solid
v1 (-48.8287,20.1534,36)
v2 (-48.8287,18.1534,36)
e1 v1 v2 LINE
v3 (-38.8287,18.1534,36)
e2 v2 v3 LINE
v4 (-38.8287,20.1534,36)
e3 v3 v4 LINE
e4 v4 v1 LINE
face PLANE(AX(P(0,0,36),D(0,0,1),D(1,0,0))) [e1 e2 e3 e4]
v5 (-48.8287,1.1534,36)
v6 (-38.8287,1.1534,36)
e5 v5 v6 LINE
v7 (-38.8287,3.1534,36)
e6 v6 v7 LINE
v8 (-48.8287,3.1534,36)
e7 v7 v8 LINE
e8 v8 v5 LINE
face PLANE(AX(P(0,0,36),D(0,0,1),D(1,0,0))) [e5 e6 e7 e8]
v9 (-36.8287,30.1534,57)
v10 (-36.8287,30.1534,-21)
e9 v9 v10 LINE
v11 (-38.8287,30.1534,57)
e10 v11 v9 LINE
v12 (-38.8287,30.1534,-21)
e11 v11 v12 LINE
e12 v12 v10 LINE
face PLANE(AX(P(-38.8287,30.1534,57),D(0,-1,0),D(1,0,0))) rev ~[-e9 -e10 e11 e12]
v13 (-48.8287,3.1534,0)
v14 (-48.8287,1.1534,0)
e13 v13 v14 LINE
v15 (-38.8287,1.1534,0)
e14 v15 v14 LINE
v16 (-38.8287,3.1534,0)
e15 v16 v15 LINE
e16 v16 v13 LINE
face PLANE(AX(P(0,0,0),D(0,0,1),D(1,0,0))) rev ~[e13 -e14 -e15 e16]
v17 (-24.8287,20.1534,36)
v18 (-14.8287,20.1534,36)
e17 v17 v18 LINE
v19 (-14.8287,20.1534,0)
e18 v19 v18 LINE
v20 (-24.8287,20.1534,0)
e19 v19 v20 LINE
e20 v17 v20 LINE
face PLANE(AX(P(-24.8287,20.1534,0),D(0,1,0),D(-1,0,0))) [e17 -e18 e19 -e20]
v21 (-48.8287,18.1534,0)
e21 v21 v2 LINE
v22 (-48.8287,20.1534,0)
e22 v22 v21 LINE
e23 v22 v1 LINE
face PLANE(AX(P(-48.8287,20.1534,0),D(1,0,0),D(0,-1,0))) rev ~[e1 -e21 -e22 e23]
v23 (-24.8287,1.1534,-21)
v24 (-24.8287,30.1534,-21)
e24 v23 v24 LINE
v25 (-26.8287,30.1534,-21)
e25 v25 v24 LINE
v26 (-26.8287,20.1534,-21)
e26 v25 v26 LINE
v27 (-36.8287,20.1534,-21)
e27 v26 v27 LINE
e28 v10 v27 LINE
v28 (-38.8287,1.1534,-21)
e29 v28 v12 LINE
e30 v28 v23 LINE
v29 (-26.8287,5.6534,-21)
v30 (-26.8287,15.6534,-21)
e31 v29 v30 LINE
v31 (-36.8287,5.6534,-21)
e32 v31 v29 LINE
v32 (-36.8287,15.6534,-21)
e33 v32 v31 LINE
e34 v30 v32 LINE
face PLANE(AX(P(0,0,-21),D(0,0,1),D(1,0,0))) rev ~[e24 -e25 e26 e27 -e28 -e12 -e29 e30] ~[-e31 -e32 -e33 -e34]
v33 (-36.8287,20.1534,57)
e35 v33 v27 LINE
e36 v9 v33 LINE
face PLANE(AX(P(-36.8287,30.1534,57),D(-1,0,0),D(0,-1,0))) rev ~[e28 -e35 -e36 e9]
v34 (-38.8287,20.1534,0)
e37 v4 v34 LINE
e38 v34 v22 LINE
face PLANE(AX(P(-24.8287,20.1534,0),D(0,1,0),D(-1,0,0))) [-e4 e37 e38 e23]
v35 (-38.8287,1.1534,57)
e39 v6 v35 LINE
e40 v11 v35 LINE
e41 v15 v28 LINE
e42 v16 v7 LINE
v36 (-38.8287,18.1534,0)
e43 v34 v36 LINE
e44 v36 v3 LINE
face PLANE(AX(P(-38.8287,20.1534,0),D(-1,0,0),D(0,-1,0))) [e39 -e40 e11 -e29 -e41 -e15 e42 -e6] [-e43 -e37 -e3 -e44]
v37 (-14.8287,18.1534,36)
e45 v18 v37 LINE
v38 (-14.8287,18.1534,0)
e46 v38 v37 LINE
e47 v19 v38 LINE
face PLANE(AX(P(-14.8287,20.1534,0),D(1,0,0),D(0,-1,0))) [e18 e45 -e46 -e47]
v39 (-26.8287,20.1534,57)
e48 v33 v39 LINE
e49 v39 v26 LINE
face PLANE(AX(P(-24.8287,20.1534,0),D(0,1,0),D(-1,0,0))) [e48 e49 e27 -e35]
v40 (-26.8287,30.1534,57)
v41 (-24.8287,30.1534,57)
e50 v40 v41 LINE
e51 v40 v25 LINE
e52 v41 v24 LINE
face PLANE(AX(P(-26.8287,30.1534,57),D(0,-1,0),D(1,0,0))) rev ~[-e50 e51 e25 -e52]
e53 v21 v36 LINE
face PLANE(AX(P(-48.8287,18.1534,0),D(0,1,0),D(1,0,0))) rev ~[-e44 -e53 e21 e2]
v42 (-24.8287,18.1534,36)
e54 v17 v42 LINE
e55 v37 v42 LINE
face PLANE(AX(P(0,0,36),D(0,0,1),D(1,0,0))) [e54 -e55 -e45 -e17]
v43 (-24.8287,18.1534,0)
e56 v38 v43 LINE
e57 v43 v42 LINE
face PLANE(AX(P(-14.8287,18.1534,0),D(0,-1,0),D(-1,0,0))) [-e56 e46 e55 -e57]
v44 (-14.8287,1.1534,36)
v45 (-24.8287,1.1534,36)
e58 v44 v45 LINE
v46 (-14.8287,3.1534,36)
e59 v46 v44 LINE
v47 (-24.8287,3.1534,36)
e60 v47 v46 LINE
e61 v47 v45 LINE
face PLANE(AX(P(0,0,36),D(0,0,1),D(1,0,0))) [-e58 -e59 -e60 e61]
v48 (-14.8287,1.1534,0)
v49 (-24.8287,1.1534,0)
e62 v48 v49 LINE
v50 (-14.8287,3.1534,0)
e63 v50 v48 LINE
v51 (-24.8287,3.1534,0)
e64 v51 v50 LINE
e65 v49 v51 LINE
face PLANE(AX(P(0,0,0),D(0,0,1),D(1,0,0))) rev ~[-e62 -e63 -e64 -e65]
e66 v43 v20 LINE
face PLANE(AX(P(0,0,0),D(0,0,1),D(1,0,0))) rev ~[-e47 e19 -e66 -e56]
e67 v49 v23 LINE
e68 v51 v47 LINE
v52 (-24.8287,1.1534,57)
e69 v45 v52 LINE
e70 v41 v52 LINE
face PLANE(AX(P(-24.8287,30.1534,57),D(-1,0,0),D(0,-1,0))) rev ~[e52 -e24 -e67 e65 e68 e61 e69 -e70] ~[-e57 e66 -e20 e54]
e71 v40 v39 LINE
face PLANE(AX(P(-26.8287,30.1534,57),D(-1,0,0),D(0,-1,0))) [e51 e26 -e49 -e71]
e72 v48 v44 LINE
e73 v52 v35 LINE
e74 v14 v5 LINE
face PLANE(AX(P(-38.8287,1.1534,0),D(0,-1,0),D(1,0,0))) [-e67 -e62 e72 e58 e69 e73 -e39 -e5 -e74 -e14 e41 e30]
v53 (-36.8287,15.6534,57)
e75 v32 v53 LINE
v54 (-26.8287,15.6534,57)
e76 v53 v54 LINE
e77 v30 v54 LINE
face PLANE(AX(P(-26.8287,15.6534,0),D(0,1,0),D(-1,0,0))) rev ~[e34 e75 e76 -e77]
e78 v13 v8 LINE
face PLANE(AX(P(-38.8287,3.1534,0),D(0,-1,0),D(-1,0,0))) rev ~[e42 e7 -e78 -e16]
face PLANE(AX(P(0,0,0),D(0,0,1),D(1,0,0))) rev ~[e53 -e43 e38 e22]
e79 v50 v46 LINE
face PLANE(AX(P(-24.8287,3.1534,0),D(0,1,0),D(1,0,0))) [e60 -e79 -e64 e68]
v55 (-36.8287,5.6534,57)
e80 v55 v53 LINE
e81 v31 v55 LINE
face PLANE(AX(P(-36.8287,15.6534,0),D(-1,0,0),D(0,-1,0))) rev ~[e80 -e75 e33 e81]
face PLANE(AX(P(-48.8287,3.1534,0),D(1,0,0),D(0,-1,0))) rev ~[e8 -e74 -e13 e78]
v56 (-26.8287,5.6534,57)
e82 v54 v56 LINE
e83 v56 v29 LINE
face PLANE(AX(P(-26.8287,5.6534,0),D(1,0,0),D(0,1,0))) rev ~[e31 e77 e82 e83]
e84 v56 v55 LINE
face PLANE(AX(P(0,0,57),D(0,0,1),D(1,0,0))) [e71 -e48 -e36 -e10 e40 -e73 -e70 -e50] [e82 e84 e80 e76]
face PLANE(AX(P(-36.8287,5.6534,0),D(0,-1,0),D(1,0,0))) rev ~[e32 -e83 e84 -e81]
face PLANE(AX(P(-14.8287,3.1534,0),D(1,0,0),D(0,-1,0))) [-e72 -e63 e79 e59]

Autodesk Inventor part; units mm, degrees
ref_plane "YZ Plane" through (0, 0, 0) normal (1, 0, 0) x (0, 1, 0)
ref_plane "XZ Plane" through (0, 0, 0) normal (0, 1, 0) x (-1, 0, 0)
ref_plane "XY Plane" through (0, 0, 0) normal (0, 0, 1) x (1, 0, 0)
sketch "Sketch1" plane through (0, 0, 0) normal (0, 0, 1) x (1, 0, 0)
  line L0 (-36.8287, 15.6534) -> (-26.8287, 15.6534)
  line L1 (-26.8287, 15.6534) -> (-26.8287, 5.6534)
  line L2 (-26.8287, 5.6534) -> (-36.8287, 5.6534)
  line L3 (-36.8287, 5.6534) -> (-36.8287, 15.6534)
  line L4 (-31.8287, 15.6534) -> (-31.8287, 5.6534) construction
  line L5 (-31.8287, 20.1534) -> (-48.8287, 20.1534)
  line L6 (-48.8287, 20.1534) -> (-48.8287, 18.1534)
  line L7 (-48.8287, 18.1534) -> (-38.8287, 18.1534)
  line L8 (-38.8287, 18.1534) -> (-38.8287, 3.1534)
  line L9 (-38.8287, 3.1534) -> (-48.8287, 3.1534)
  line L10 (-48.8287, 3.1534) -> (-48.8287, 1.1534)
  line L11 (-48.8287, 1.1534) -> (-31.8287, 1.1534)
  line L12 (-36.8287, 10.6534) -> (-26.8287, 10.6534) construction
  line L13 (-31.8287, 20.1534) -> (-14.8287, 20.1534)
  line L14 (-14.8287, 20.1534) -> (-14.8287, 18.1534)
  line L15 (-14.8287, 18.1534) -> (-24.8287, 18.1534)
  line L16 (-24.8287, 18.1534) -> (-24.8287, 3.1534)
  line L17 (-24.8287, 3.1534) -> (-14.8287, 3.1534)
  line L18 (-14.8287, 3.1534) -> (-14.8287, 1.1534)
  line L19 (-14.8287, 1.1534) -> (-31.8287, 1.1534)
  dimension "d3" = 10
  dimension "d4" = 10
  dimension "d5" = 15
  dimension "d6" = 2
  dimension "d7" = 2
  dimension "d8" = 4.5
  dimension "d9" = 4.5
  dimension "d10" = 2
  dimension "d11" = 10
  dimension "d13" = 17
  dimension "d14" = 17
extrude "Extrusion1" add sketch "Sketch1" along normal blind 36
sketch "Sketch2" plane through (0, 0, 36) normal (0, 0, 1) x (1, 0, 0)
  line L0 (-36.8287, 5.6534) -> (-36.8287, 15.6534) projected
  line L1 (-26.8287, 5.6534) -> (-36.8287, 5.6534) projected
  line L2 (-36.8287, 15.6534) -> (-26.8287, 15.6534)
  line L3 (-26.8287, 15.6534) -> (-26.8287, 5.6534)
  line L4 (-26.8287, 5.6534) -> (-36.8287, 5.6534)
  line L5 (-36.8287, 5.6534) -> (-36.8287, 15.6534)
  line L6 (-38.8287, 20.1534) -> (-24.8287, 20.1534)
  line L7 (-24.8287, 20.1534) -> (-24.8287, 1.1534)
  line L8 (-24.8287, 1.1534) -> (-38.8287, 1.1534)
  line L9 (-38.8287, 1.1534) -> (-38.8287, 20.1534)
  line L10 (-14.8287, 20.1534) -> (-48.8287, 20.1534) projected
  point P0 (0, 0)
  dimension "d17" = 14
  dimension "d19" = 4.5
  dimension "d20" = 4.5
  dimension "d21" = 2
  dimension "d22" = 2
extrude "Extrusion2" add sketch "Sketch2" along normal blind 21
sketch "Sketch3" plane through (0, 0, 0) normal (0, 0, -1) x (-1, 0, 0)
  line L0 (26.8287, 5.6534) -> (26.8287, 15.6534)
  line L1 (36.8287, 5.6534) -> (26.8287, 5.6534)
  line L2 (26.8287, 15.6534) -> (36.8287, 15.6534)
  line L3 (36.8287, 15.6534) -> (36.8287, 5.6534)
  line L4 (36.8287, 5.6534) -> (26.8287, 5.6534)
  line L5 (26.8287, 5.6534) -> (26.8287, 15.6534)
  line L6 (24.8287, 20.1534) -> (38.8287, 20.1534)
  line L7 (38.8287, 20.1534) -> (38.8287, 1.1534)
  line L8 (38.8287, 1.1534) -> (24.8287, 1.1534)
  line L9 (24.8287, 1.1534) -> (24.8287, 20.1534)
  line L10 (49.3332, 20.1534) -> (15.3332, 20.1534)
  line L11 (36.8287, 15.6534) -> (26.8287, 15.6534) projected
  line L12 (26.8287, 5.6534) -> (36.8287, 5.6534) projected
  line L13 (36.8287, 5.6534) -> (36.8287, 15.6534) projected
  line L14 (26.8287, 15.6534) -> (26.8287, 5.6534) projected
  line L15 (14.8287, 20.1534) -> (48.8287, 20.1534) projected
  point P0 (0, 0)
  dimension "d25" = 14
  dimension "d26" = 4.5
  dimension "d27" = 4.5
  dimension "d28" = 2
  dimension "d29" = 2
extrude "Extrusion3" add sketch "Sketch3" along normal blind 21
sketch "Sketch4" plane through (0, 0, 57) normal (0, 0, 1) x (1, 0, 0)
  line L0 (-38.8287, 20.1534) -> (-48.8287, 20.1534) projected
  line L1 (-38.8287, 20.1534) -> (-38.8287, 30.1534)
  line L2 (-38.8287, 30.1534) -> (-36.8287, 30.1534)
  line L3 (-36.8287, 30.1534) -> (-36.8287, 20.1534)
  line L4 (-36.8287, 20.1534) -> (-26.8287, 20.1534)
  line L5 (-24.8287, 20.1534) -> (-38.8287, 20.1534) projected
  line L6 (-26.8287, 30.1534) -> (-24.8287, 30.1534)
  line L7 (-24.8287, 30.1534) -> (-24.8287, 20.1534)
  line L8 (-26.8287, 30.1534) -> (-26.8287, 20.1534)
  line L9 (-38.8287, 20.1534) -> (-38.8287, 1.1534) projected
  line L10 (-38.8287, 20.1534) -> (-36.8287, 20.1534)
  line L11 (-14.8287, 20.1534) -> (-24.8287, 20.1534) projected
  line L12 (-24.8287, 20.1534) -> (-26.8287, 20.1534)
  point P0 (0, 0)
  dimension "d32" = 2
  dimension "d33" = 2
  dimension "d34" = 10
extrude "Extrusion4" add sketch "Sketch4" against normal up to surface (78 mm away)
equation "\"d4\" = d3"
equation "\"d7\" = d6"
equation "\"d8\" = d9"
equation "\"d14\" = d13"
equation "\"d19\" = d20"
equation "\"d21\" = d22"
equation "\"d26\" = d27"
equation "\"d28\" = d29"
properties part number "fuselage_tail_interface_v2"
